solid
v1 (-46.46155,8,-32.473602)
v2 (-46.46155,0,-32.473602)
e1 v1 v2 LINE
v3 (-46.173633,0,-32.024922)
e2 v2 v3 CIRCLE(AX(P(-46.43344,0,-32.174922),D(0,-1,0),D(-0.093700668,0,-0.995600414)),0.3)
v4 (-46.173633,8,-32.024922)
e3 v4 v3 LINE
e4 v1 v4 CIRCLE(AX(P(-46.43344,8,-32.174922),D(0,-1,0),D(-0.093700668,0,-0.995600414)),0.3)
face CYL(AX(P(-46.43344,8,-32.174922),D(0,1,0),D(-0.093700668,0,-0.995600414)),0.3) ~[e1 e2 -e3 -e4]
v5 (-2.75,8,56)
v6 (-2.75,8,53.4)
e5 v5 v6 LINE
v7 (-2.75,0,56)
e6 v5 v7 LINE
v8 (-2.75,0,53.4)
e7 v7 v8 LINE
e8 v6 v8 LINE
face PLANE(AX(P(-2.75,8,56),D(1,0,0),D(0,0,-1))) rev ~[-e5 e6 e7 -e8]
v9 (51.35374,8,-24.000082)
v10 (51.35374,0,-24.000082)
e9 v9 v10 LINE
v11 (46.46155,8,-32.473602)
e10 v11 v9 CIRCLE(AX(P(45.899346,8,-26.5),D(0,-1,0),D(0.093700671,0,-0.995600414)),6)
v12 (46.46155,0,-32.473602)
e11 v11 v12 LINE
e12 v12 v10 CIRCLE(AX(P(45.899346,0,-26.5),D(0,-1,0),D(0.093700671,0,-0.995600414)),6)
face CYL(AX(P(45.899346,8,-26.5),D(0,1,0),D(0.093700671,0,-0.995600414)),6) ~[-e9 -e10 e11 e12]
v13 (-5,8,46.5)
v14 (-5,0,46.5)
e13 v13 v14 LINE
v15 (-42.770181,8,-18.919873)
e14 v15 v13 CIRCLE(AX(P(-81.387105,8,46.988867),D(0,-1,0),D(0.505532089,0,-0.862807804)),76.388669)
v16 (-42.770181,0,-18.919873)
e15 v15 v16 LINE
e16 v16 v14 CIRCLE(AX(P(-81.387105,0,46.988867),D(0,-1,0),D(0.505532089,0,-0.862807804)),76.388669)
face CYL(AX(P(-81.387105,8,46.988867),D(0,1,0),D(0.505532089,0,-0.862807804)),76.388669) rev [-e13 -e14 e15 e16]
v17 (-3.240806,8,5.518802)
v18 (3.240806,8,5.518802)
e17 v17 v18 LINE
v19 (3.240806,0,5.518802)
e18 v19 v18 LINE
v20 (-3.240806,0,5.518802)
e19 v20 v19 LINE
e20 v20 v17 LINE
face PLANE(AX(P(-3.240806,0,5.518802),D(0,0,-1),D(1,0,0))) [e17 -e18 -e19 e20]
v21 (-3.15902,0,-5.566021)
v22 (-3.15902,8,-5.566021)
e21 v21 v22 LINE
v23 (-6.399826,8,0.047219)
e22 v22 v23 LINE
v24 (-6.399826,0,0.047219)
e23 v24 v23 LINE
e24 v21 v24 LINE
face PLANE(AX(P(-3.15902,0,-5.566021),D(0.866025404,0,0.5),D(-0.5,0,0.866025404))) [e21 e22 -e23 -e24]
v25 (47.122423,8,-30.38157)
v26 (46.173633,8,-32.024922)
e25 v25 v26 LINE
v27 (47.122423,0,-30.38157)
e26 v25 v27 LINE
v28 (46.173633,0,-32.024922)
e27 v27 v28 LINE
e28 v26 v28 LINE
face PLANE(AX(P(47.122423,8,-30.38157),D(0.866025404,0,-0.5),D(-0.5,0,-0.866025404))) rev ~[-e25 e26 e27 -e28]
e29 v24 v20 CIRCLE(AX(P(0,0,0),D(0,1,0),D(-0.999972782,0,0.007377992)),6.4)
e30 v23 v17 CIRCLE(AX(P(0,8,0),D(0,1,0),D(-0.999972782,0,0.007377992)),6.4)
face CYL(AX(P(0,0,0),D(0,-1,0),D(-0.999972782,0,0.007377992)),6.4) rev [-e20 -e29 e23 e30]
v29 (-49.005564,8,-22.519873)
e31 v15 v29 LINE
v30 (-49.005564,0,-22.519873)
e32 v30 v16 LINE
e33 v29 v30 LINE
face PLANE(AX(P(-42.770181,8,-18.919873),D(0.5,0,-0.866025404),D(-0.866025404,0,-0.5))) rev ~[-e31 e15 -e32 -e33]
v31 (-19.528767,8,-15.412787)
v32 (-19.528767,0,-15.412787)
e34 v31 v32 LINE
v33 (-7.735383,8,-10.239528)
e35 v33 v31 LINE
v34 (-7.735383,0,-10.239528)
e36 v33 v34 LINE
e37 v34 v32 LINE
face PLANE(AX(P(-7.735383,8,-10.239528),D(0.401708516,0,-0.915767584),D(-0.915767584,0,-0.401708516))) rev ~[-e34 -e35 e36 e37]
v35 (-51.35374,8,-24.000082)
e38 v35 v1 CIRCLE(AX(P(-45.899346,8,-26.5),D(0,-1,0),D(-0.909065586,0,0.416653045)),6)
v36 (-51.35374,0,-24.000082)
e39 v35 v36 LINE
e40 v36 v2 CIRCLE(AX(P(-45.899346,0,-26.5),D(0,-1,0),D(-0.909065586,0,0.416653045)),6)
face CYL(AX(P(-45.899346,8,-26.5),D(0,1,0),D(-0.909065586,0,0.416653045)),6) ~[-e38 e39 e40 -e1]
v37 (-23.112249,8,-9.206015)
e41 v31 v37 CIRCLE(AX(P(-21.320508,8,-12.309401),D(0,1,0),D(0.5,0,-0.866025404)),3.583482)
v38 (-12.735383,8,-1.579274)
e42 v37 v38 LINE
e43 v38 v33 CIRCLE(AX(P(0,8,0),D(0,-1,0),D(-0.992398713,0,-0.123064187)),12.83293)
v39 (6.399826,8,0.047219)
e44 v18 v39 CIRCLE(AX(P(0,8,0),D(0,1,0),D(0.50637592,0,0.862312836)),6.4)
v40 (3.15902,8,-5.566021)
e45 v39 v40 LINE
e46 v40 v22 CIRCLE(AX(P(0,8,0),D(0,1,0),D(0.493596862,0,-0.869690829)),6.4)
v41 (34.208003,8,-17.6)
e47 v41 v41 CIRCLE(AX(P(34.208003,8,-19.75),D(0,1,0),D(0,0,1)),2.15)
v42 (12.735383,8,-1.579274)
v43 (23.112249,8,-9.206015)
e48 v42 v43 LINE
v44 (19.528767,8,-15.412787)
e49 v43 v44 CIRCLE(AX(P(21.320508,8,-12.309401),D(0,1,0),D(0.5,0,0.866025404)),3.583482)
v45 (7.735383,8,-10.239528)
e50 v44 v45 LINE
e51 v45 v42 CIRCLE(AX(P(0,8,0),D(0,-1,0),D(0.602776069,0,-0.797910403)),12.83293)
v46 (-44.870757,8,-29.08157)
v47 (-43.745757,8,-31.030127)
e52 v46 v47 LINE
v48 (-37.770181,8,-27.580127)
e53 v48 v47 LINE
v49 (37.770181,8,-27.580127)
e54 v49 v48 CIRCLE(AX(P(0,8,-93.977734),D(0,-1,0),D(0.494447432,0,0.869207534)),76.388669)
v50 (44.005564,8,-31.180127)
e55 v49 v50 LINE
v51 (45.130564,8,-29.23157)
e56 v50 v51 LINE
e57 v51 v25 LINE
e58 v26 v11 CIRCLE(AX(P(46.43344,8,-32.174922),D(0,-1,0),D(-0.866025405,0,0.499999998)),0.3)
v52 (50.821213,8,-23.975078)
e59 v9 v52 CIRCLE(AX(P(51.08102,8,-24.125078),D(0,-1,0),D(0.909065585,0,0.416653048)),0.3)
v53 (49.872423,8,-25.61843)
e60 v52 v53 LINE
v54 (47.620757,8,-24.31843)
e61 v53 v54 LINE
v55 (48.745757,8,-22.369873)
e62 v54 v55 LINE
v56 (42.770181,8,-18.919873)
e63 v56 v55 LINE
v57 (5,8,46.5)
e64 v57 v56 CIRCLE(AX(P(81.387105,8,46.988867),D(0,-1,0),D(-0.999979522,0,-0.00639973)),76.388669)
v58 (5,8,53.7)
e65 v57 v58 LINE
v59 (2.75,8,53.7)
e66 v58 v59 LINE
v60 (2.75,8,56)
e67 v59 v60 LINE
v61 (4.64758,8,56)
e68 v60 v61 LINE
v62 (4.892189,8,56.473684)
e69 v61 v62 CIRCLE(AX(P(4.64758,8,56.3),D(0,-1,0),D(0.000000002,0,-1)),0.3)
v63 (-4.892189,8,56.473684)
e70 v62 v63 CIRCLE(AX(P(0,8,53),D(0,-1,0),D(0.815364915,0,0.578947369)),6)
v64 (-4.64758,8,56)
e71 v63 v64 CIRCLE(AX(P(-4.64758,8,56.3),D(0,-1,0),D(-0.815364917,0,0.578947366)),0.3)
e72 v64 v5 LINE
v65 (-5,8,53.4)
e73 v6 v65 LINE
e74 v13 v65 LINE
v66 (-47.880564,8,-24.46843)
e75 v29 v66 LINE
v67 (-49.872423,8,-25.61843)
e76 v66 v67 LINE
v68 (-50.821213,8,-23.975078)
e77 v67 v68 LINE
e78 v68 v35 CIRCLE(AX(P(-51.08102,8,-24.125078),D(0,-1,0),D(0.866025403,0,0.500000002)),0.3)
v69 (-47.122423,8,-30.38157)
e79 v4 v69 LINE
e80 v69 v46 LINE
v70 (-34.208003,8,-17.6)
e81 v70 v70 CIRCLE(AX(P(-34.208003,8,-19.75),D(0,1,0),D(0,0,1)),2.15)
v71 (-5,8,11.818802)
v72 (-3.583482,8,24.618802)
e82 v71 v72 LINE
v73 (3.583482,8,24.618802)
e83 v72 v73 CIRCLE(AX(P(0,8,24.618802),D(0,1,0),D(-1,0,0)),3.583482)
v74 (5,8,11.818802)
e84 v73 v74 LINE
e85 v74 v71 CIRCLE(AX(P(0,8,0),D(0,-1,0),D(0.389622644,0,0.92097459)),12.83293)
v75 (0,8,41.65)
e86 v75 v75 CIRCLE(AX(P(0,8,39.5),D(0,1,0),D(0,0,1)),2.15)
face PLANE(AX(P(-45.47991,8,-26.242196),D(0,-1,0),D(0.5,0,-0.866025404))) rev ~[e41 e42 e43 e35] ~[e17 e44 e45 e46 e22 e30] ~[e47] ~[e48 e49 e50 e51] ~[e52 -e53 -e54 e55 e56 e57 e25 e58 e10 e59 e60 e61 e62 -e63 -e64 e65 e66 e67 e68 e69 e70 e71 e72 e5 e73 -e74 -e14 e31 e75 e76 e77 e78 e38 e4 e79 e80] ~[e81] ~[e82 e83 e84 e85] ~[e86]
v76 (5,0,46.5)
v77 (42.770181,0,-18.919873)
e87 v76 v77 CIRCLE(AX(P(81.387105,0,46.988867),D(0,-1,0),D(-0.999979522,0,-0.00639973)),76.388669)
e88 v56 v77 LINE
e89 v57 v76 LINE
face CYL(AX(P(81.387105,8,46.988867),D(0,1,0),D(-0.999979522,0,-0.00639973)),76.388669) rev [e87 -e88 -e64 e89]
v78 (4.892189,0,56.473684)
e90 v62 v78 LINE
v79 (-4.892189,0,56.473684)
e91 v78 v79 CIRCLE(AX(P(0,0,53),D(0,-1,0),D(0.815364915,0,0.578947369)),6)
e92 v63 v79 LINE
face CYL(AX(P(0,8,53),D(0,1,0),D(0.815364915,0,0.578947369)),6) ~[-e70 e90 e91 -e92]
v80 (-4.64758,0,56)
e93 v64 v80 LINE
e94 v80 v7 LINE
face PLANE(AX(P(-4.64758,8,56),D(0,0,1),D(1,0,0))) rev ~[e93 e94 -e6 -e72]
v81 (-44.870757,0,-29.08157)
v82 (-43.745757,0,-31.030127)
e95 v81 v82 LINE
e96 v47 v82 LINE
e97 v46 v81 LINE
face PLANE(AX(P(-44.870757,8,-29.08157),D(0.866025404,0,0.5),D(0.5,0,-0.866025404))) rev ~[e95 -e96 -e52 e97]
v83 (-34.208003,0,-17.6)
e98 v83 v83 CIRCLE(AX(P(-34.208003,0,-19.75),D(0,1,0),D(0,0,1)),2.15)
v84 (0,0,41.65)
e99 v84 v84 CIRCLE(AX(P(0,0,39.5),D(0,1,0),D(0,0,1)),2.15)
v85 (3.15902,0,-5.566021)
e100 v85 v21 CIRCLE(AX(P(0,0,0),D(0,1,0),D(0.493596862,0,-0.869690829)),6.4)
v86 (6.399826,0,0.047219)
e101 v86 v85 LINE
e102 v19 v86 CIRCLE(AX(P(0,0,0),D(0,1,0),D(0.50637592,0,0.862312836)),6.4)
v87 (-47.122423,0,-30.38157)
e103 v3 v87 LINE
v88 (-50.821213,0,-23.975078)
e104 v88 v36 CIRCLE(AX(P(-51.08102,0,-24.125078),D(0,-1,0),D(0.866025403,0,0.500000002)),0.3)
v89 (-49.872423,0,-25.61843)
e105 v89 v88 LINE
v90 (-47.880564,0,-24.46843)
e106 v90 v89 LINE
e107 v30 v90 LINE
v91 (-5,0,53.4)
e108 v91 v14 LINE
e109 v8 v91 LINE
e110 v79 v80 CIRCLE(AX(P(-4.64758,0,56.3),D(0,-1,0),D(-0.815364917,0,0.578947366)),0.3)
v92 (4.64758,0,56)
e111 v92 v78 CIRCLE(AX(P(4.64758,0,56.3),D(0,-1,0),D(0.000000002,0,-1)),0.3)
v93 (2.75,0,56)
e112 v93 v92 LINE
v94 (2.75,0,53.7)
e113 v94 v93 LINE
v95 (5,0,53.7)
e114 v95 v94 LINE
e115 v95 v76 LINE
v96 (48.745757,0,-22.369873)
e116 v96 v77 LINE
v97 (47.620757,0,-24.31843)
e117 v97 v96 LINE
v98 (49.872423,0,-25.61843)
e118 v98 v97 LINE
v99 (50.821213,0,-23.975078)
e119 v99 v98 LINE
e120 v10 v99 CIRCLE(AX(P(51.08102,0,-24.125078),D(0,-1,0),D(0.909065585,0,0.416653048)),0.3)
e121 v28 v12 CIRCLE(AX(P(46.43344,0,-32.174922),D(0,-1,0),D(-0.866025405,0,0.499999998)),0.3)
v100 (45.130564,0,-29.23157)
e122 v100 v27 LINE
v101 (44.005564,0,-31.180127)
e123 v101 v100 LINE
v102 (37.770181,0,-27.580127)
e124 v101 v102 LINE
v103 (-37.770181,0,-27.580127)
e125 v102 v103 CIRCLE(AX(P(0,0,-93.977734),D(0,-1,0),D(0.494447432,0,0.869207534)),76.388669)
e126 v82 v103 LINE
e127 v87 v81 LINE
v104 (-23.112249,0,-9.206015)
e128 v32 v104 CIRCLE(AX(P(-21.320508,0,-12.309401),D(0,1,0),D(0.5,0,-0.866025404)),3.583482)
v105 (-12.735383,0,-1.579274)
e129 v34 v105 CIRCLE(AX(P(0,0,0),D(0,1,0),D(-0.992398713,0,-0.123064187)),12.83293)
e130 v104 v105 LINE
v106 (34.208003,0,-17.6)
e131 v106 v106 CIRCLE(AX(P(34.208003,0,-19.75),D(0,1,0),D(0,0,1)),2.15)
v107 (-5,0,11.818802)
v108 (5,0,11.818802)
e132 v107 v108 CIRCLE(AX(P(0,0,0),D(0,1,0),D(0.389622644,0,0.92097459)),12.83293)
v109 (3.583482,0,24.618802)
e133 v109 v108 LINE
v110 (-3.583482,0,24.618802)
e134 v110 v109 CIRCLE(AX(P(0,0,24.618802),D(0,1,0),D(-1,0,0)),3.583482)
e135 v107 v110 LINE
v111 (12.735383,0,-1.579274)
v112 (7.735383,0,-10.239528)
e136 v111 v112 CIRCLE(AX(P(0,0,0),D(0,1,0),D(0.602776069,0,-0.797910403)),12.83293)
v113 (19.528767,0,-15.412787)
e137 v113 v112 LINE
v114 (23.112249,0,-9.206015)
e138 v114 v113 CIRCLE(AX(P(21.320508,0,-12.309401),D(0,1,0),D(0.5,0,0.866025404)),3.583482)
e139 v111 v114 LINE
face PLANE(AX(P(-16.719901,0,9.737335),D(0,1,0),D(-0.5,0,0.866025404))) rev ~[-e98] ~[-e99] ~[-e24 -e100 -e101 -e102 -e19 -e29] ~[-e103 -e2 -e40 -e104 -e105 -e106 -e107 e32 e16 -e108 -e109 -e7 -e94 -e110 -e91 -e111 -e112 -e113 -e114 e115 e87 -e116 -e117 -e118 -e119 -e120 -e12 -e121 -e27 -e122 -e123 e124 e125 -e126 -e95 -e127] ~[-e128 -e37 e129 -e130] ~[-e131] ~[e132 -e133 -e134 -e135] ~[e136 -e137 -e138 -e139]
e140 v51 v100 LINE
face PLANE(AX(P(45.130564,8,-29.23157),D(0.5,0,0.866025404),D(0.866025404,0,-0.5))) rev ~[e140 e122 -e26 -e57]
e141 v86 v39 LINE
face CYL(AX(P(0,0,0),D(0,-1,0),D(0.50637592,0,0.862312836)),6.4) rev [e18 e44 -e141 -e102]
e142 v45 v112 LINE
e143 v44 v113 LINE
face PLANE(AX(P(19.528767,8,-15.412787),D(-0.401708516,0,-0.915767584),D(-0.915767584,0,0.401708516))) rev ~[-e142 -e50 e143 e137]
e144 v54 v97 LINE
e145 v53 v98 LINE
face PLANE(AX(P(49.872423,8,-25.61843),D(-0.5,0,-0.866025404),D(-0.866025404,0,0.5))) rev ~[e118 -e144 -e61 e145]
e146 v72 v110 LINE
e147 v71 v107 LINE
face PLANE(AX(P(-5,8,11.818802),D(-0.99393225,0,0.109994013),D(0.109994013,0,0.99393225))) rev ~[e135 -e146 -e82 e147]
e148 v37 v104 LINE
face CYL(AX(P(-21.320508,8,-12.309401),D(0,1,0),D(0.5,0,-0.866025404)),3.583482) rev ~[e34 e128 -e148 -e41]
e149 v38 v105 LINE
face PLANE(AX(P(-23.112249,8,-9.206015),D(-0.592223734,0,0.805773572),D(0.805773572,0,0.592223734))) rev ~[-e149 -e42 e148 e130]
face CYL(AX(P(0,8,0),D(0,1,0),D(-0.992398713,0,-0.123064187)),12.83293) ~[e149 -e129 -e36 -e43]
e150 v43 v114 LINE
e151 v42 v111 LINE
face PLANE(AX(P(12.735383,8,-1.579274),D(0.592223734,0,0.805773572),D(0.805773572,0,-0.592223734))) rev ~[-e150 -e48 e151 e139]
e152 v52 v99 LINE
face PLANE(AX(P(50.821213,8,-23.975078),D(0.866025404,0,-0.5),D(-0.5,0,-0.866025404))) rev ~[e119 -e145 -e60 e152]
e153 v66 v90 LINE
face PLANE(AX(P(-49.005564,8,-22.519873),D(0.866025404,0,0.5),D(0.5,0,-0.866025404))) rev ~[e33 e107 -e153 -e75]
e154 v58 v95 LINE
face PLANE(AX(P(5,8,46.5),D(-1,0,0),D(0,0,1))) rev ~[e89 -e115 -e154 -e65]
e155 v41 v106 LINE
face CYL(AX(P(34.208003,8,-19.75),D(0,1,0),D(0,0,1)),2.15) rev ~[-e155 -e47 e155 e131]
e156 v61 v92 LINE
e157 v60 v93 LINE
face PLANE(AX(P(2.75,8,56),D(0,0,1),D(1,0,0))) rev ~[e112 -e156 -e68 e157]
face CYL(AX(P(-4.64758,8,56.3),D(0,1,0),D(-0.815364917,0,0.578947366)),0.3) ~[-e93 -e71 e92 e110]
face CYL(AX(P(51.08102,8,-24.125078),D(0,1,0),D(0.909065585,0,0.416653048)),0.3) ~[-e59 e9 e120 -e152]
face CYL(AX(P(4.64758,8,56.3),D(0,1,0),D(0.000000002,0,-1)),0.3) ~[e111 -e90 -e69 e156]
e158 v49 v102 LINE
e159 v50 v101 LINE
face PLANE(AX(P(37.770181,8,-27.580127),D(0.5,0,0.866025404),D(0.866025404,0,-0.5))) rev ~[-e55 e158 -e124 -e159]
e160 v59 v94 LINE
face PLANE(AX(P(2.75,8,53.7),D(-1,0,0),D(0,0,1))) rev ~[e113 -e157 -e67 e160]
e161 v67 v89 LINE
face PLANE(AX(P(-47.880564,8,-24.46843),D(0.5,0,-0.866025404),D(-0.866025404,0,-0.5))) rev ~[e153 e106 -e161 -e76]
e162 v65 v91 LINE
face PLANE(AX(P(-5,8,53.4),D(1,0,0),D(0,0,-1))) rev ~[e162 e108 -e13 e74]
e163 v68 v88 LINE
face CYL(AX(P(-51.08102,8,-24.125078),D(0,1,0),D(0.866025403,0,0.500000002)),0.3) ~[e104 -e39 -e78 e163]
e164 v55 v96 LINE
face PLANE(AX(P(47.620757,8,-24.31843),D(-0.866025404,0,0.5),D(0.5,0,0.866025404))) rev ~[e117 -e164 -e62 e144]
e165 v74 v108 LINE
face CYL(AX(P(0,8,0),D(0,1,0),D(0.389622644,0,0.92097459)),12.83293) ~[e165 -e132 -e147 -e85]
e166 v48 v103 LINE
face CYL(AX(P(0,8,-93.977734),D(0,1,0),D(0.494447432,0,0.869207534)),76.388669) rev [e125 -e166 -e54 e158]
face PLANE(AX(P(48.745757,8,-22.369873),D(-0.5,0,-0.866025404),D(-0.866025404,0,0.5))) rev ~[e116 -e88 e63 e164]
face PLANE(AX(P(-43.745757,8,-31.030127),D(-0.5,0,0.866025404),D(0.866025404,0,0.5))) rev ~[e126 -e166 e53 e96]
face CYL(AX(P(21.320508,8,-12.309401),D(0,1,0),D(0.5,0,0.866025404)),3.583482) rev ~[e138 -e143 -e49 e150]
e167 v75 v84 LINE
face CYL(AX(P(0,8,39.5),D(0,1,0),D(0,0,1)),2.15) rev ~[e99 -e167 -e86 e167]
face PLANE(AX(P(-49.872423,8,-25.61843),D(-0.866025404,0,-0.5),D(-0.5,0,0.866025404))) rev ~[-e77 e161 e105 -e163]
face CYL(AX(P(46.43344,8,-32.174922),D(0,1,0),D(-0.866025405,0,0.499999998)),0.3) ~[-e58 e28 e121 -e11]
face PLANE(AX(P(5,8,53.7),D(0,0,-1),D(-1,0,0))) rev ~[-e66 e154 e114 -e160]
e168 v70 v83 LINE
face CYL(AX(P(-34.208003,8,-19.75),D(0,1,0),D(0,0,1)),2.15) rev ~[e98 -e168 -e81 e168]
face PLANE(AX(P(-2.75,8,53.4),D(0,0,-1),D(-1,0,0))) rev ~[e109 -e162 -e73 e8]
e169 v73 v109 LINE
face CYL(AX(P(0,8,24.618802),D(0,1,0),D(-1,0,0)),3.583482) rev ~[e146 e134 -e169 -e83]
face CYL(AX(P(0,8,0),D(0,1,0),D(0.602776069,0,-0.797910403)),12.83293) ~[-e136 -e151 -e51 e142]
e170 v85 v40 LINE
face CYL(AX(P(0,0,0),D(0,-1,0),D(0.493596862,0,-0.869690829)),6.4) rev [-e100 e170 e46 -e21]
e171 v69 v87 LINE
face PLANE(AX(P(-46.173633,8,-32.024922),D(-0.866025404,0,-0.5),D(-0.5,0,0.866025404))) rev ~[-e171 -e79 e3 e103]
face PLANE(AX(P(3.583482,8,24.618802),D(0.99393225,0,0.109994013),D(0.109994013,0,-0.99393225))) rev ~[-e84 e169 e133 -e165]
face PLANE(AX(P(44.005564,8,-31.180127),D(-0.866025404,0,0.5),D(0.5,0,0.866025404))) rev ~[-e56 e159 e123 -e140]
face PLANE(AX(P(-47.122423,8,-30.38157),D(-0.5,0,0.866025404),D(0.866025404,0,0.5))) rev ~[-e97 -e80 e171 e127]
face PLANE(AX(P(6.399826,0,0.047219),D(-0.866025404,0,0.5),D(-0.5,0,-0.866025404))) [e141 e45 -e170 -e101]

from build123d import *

# Parameters (mm, degrees)
BOSS_EXTRUDE1_DEPTH          = 8
CUT_EXTRUDE1_DEPTH           = 10
ESQUISSE1_W                  = 10
ESQUISSE1_H                  = 25.654784636
BOSS_EXTRU_1_DEPTH           = 8
R_P_TITION_CIRCULAIRE3_COUNT = 3
ESQUISSE3_R                  = 2.15
ENL_V_MAT_EXTRU_1_DEPTH      = 8
BOSS_EXTRU_4_DEPTH           = 8
R_P_TITION_CIRCULAIRE4_COUNT = 3
BOSS_EXTRU_5_DEPTH           = 8
R_P_TITION_CIRCULAIRE5_COUNT = 3
ENL_V_MAT_EXTRU_4_DEPTH      = 10


with BuildPart() as part:
    # Sketch1 → Boss-Extrude1 (new body)
    with BuildSketch(Plane(origin=(0, 0, 0), x_dir=(1, 0, 0), z_dir=(0, 1, 0))):
        Polygon((0, 22.607508486), (-18.985035039, 16.354559035), (-23.655981112, 8.264243118), (-19.578676665, -11.303754243), (-4.670946073, -24.618802154), (4.670946073, -24.618802154), (19.578676665, -11.303754243), (23.655981112, 8.264243118), (18.985035039, 16.354559035), align=None)
        with BuildLine():
            Line((-3.15901992, 5.566021303), (-6.399825806, -0.047219149))
            ThreePointArc((-6.399825806, -0.047219149), (-5.542562584, -3.2), (-3.240805886, -5.518802154))
            Line((-3.240805886, -5.518802154), (3.240805886, -5.518802154))
            ThreePointArc((3.240805886, -5.518802154), (5.542562584, -3.2), (6.399825806, -0.047219149))
            Line((6.399825806, -0.047219149), (3.15901992, 5.566021303))
            ThreePointArc((3.15901992, 5.566021303), (0, 6.4), (-3.15901992, 5.566021303))
        make_face(mode=Mode.SUBTRACT)
    extrude(amount=BOSS_EXTRUDE1_DEPTH)

    # Sketch3 → Cut-Extrude1 (cut)
    with BuildSketch(Plane(origin=(0, 8, 0), x_dir=(1, 0, 0), z_dir=(0, 1, 0))):
        with BuildLine():
            Line((-18.985035039, 16.354559035), (0, 25.029979083))
            Line((0, 25.029979083), (18.985035039, 16.354559035))
            ThreePointArc((18.985035039, 16.354559035), (0, 11.607508486), (-18.985035039, 16.354559035))
        make_face()
        with BuildLine():
            Line((23.655981112, 8.264243118), (24.53433034, -16.532203716))
            Line((24.53433034, -16.532203716), (4.670946073, -24.618802154))
            ThreePointArc((4.670946073, -24.618802154), (10.052397223, -5.803754243), (23.655981112, 8.264243118))
        make_face()
        with BuildLine():
            Line((-23.655981112, 8.264243118), (-26.351688143, -12.502410327))
            Line((-26.351688143, -12.502410327), (-4.670946073, -24.618802154))
            ThreePointArc((-4.670946073, -24.618802154), (-10.052397223, -5.803754243), (-23.655981112, 8.264243118))
        make_face()
    extrude(amount=-CUT_EXTRUDE1_DEPTH, mode=Mode.SUBTRACT)

    # Esquisse1 → Boss.-Extru.1 (add)
    with BuildSketch(Plane.XZ):
        with Locations((0, 33.672607682)):
            Rectangle(ESQUISSE1_W, ESQUISSE1_H)
    boss_extru_1 = extrude(amount=-BOSS_EXTRU_1_DEPTH)

    # Répétition circulaire3: Boss.-Extru.1 ×3 about axis
    r_p_tition_circulaire3_axis = Axis((0, 0, 0), (0, 1, 0))
    for i in range(1, R_P_TITION_CIRCULAIRE3_COUNT):
        add(boss_extru_1.rotate(r_p_tition_circulaire3_axis, i * 360 / R_P_TITION_CIRCULAIRE3_COUNT))

    # Esquisse3 → Enlèv. mat.-Extru.1 (cut)
    with BuildSketch(Plane(origin=(0, 8, 0), x_dir=(1, 0, 0), z_dir=(0, 1, 0))):
        with Locations((0, -39.5)):
            Circle(ESQUISSE3_R)
        with Locations((34.208003449, 19.75)):
            Circle(ESQUISSE3_R)
        with Locations((-34.208003449, 19.75)):
            Circle(ESQUISSE3_R)
    extrude(amount=-ENL_V_MAT_EXTRU_1_DEPTH, mode=Mode.SUBTRACT)

    # Esquisse5 → Boss.-Extru.4 (add)
    with BuildSketch(Plane(origin=(0, 8, 0), x_dir=(1, 0, 0), z_dir=(0, 1, 0))):
        with BuildLine():
            Line((-5, -46.5), (5, -46.5))
            Line((5, -46.5), (5, -53.7))
            Line((5, -53.7), (2.75, -53.7))
            Line((2.75, -53.7), (2.75, -56))
            Line((2.75, -56), (4.647580015, -56))
            ThreePointArc((4.647580015, -56), (4.91413701, -56.16235056), (4.89218949, -56.473684211))
            ThreePointArc((4.89218949, -56.473684211), (0, -59), (-4.89218949, -56.473684211))
            ThreePointArc((-4.89218949, -56.473684211), (-4.91413701, -56.16235056), (-4.647580015, -56))
            Line((-4.647580015, -56), (-2.75, -56))
            Line((-2.75, -56), (-2.75, -53.4))
            Line((-2.75, -53.4), (-5, -53.4))
            Line((-5, -53.4), (-5, -46.5))
        make_face()
    boss_extru_4 = extrude(amount=-BOSS_EXTRU_4_DEPTH)

    # Répétition circulaire4: Boss.-Extru.4 ×3 about axis
    r_p_tition_circulaire4_axis = Axis((0, 0, 0), (0, 1, 0))
    for i in range(1, R_P_TITION_CIRCULAIRE4_COUNT):
        add(boss_extru_4.rotate(r_p_tition_circulaire4_axis, i * 360 / R_P_TITION_CIRCULAIRE4_COUNT))

    # Esquisse6 → Boss.-Extru.5 (add)
    with BuildSketch(Plane(origin=(0, 8, 0), x_dir=(1, 0, 0), z_dir=(0, 1, 0))):
        with BuildLine():
            Line((4.242203457, -21.192425308), (5, -46.5))
            ThreePointArc((5, -46.5), (15.232576769, -8.794532298), (42.770181276, 18.919872981))
            Line((42.770181276, 18.919872981), (24.63344488, 10.3797127))
            Line((24.63344488, 10.3797127), (9.134543243, -3.221955174))
            Line((9.134543243, -3.221955174), (4.242203457, -21.192425308))
        make_face()
    boss_extru_5 = extrude(amount=-BOSS_EXTRU_5_DEPTH)

    # Répétition circulaire5: Boss.-Extru.5 ×3 about axis
    r_p_tition_circulaire5_axis = Axis((0, 0, 0), (0, 1, 0))
    for i in range(1, R_P_TITION_CIRCULAIRE5_COUNT):
        add(boss_extru_5.rotate(r_p_tition_circulaire5_axis, i * 360 / R_P_TITION_CIRCULAIRE5_COUNT))

    # Esquisse12 → Enlèv. mat.-Extru.4 (cut)
    with BuildSketch(Plane(origin=(0, 8, 0), x_dir=(1, 0, 0), z_dir=(0, 1, 0))):
        with BuildLine():
            Line((-7.735382907, 10.239528096), (-19.528767297, 15.41278714))
            ThreePointArc((-19.528767297, 15.41278714), (-24.423894139, 14.101141856), (-23.112248854, 9.206015014))
            Line((-23.112248854, 9.206015014), (-12.735382907, 1.579274058))
            ThreePointArc((-12.735382907, 1.579274058), (-11.113643114, 6.416464843), (-7.735382907, 10.239528096))
        make_face()
        with BuildLine():
            Line((-5, -11.818802154), (-3.583481558, -24.618802154))
            ThreePointArc((-3.583481558, -24.618802154), (0, -28.202283711), (3.583481558, -24.618802154))
            Line((3.583481558, -24.618802154), (5, -11.818802154))
            ThreePointArc((5, -11.818802154), (0, -12.832929687), (-5, -11.818802154))
        make_face()
        with BuildLine():
            Line((12.735382907, 1.579274058), (23.112248854, 9.206015014))
            ThreePointArc((23.112248854, 9.206015014), (24.423894139, 14.101141856), (19.528767297, 15.41278714))
            Line((19.528767297, 15.41278714), (7.735382907, 10.239528096))
            ThreePointArc((7.735382907, 10.239528096), (11.113643114, 6.416464843), (12.735382907, 1.579274058))
        make_face()
    extrude(amount=-ENL_V_MAT_EXTRU_4_DEPTH, mode=Mode.SUBTRACT)


solid = part.part
